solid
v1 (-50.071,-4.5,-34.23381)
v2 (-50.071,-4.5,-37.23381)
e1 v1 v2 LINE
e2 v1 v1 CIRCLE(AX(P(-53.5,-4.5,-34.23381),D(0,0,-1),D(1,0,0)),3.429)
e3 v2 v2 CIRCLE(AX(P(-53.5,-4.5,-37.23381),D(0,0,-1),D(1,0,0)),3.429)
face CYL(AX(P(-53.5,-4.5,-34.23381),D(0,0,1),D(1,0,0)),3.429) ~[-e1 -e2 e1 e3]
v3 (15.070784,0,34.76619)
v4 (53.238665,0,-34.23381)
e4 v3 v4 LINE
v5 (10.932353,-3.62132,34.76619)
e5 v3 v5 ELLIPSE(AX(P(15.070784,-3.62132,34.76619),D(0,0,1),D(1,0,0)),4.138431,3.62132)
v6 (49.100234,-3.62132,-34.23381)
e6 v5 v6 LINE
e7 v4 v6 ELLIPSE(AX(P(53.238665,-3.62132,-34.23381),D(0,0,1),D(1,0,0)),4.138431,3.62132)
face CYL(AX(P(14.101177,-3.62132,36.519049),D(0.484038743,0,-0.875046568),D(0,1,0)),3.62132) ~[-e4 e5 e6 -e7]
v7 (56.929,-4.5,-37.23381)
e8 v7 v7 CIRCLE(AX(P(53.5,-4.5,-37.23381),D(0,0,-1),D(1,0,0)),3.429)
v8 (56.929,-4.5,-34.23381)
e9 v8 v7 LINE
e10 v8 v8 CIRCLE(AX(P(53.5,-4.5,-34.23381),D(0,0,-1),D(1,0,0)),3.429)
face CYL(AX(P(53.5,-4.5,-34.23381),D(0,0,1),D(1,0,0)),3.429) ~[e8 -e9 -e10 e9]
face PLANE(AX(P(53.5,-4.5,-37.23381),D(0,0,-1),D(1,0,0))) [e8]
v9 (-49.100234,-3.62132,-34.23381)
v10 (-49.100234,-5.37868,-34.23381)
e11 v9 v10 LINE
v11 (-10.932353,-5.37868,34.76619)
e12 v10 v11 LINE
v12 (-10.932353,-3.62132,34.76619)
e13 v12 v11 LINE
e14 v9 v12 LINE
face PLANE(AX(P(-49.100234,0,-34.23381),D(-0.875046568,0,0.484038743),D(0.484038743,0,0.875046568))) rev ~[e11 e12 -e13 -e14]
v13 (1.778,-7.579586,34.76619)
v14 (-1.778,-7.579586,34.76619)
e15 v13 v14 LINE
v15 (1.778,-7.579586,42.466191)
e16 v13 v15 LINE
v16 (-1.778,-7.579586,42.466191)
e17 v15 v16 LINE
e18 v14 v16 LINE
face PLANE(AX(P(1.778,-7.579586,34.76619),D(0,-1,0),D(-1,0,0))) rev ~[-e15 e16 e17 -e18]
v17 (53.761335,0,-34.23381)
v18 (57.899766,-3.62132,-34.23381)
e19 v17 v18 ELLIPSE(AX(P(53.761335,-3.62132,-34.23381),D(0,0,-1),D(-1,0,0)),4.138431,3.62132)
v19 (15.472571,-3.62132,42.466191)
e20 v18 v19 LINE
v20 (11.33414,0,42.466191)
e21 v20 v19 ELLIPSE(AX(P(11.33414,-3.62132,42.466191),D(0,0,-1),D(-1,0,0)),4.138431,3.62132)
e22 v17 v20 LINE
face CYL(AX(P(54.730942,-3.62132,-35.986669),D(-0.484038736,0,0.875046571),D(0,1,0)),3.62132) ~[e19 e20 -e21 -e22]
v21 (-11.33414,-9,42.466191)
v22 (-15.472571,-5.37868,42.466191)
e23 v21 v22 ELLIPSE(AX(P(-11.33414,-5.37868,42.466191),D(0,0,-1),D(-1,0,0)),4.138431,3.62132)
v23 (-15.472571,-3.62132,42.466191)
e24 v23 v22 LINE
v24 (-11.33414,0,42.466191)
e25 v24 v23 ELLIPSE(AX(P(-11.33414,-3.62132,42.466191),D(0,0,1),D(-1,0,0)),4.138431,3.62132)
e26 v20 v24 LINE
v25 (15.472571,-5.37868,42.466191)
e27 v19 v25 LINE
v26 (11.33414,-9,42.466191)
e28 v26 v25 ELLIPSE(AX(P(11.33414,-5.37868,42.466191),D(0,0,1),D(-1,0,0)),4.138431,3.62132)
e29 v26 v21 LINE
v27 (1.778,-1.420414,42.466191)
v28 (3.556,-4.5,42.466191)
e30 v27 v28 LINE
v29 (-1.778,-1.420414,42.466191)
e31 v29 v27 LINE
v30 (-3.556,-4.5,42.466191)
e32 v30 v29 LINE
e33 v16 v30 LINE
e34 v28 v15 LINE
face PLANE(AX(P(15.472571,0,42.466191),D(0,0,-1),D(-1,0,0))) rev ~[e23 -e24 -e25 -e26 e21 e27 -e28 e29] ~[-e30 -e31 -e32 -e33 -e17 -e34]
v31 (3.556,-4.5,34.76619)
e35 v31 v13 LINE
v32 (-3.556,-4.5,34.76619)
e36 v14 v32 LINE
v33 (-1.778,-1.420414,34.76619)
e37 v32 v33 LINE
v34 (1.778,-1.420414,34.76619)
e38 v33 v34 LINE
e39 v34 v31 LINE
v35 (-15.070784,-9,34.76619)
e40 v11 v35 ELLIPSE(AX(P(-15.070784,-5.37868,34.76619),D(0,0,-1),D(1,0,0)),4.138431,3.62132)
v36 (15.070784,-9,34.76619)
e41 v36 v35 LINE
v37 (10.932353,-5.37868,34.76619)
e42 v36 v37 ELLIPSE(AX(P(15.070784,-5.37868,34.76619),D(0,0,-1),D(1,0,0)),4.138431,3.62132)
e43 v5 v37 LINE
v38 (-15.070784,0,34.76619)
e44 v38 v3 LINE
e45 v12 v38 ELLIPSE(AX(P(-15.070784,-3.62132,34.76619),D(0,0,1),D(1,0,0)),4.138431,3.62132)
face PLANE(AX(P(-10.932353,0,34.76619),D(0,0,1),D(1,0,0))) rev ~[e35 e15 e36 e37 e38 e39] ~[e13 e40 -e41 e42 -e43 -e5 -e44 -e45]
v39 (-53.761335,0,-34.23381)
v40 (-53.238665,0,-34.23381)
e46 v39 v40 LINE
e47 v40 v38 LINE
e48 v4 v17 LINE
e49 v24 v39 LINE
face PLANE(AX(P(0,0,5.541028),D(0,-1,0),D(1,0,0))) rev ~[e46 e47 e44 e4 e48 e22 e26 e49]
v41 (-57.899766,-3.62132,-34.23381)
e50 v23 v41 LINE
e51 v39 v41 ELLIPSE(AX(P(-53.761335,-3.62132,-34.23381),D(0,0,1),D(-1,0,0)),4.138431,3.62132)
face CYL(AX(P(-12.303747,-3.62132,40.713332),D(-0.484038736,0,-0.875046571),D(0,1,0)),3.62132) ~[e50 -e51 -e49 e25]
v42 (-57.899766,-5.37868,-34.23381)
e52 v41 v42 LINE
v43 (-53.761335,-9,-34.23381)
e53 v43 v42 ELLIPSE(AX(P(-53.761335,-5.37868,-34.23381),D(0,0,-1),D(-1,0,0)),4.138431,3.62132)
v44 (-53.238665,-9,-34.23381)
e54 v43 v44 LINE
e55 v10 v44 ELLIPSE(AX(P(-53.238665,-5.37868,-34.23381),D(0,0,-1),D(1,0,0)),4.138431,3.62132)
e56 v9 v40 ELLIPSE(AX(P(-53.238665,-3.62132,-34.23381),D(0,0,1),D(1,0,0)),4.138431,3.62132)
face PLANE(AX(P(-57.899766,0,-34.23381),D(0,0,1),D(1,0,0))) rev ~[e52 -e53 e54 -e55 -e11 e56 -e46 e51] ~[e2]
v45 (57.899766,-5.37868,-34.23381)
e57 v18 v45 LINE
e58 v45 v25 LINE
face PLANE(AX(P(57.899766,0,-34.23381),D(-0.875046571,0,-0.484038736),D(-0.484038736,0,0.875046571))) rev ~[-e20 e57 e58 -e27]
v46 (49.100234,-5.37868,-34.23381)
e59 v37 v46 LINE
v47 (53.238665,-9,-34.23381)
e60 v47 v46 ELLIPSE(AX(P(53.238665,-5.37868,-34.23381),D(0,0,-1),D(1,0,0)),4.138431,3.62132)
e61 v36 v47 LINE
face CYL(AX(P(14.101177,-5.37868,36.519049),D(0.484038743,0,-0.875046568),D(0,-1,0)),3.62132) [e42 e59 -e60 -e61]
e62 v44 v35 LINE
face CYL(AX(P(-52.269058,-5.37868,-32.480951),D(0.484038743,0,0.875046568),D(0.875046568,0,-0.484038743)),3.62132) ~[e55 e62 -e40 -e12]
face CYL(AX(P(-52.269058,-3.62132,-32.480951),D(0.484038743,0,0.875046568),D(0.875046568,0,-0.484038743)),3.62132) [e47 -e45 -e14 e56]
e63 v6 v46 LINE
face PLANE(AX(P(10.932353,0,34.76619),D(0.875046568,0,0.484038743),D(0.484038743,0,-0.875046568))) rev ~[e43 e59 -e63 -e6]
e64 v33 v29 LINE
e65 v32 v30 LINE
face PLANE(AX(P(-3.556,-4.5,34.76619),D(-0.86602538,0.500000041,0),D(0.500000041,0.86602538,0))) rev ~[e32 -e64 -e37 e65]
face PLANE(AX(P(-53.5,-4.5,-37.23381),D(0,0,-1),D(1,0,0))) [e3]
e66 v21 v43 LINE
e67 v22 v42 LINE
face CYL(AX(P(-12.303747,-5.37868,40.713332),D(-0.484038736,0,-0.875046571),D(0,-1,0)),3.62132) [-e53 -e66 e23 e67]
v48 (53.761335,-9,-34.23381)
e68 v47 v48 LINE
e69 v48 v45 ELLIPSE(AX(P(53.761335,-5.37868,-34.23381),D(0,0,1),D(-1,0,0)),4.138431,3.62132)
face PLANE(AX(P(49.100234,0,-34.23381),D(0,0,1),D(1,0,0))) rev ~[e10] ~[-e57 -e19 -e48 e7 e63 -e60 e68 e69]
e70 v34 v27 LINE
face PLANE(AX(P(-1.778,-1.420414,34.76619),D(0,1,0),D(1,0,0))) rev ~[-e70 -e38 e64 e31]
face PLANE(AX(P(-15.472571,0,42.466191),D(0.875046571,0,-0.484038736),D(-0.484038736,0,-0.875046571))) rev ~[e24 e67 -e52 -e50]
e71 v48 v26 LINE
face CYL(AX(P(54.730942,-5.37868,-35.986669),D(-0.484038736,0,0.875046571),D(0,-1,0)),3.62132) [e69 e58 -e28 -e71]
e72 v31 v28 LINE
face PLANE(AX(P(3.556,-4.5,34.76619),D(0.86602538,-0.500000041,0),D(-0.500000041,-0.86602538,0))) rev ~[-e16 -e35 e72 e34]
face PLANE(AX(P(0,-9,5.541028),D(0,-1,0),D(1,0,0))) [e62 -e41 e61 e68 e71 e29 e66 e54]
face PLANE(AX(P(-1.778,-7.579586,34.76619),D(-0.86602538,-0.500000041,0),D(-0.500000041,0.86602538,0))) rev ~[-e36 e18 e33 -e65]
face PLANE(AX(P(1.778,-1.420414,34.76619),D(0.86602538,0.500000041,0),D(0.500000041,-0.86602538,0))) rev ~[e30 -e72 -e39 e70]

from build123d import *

# Parameters (mm, degrees)
F1_DEPTH = 9
F2_R     = 3.429
F3_R     = 3.429
F4_DEPTH = 3
F6_DEPTH = 7.700001
F7_R     = 3.62132


with BuildPart() as f1:
    # F0 (on Front) → F1 (new body)
    with BuildSketch(Plane.XZ):
        Polygon((-10.932353, 34.76619), (0, 34.76619), (10.932353, 34.76619), (49.100234, -34.23381), (57.899766, -34.23381), (15.472571, 42.466191), (0, 42.466191), (-15.472571, 42.466191), (-57.899766, -34.23381), (-49.100234, -34.23381), align=None)
    extrude(amount=F1_DEPTH)

    # F2 (on face) + F3 (on face) → F4 (join)
    with BuildSketch(Plane(origin=(0, 0, -34.23381), x_dir=(1, 0, 0), z_dir=(0, 0, -1))):
        with Locations((-53.5, 4.5)):
            Circle(F2_R)
    with BuildSketch(Plane(origin=(0, 0, -34.23381), x_dir=(1, 0, 0), z_dir=(0, 0, -1))):
        with Locations((53.5, 4.5)):
            Circle(F3_R)
    extrude(amount=F4_DEPTH)

    # F5 (on face) → F6 (cut, through all)
    with BuildSketch(Plane(origin=(0, 0, 34.76619), x_dir=(1, 0, 0), z_dir=(0, 0, -1))):
        Polygon((-1.778, 7.579586), (-3.556, 4.5), (-1.778, 1.420414), (1.778, 1.420414), (3.556, 4.5), (1.778, 7.579586), align=None)
    extrude(amount=-F6_DEPTH, mode=Mode.SUBTRACT)

    # F7
    f7_edges = [f1.edges().sort_by_distance(p)[0] for p in [
        (-36.686169, -9, 4.11619),
        (-36.686169, 0, 4.11619),
        (36.686169, 0, 4.11619),
        (36.686169, -9, 4.11619),
        (-30.016294, -9, 0.26619),
        (-30.016294, 0, 0.26619),
        (30.016294, -9, 0.26619),
        (30.016294, 0, 0.26619),
    ]]
    fillet(f7_edges, radius=F7_R)


solid = f1.part
